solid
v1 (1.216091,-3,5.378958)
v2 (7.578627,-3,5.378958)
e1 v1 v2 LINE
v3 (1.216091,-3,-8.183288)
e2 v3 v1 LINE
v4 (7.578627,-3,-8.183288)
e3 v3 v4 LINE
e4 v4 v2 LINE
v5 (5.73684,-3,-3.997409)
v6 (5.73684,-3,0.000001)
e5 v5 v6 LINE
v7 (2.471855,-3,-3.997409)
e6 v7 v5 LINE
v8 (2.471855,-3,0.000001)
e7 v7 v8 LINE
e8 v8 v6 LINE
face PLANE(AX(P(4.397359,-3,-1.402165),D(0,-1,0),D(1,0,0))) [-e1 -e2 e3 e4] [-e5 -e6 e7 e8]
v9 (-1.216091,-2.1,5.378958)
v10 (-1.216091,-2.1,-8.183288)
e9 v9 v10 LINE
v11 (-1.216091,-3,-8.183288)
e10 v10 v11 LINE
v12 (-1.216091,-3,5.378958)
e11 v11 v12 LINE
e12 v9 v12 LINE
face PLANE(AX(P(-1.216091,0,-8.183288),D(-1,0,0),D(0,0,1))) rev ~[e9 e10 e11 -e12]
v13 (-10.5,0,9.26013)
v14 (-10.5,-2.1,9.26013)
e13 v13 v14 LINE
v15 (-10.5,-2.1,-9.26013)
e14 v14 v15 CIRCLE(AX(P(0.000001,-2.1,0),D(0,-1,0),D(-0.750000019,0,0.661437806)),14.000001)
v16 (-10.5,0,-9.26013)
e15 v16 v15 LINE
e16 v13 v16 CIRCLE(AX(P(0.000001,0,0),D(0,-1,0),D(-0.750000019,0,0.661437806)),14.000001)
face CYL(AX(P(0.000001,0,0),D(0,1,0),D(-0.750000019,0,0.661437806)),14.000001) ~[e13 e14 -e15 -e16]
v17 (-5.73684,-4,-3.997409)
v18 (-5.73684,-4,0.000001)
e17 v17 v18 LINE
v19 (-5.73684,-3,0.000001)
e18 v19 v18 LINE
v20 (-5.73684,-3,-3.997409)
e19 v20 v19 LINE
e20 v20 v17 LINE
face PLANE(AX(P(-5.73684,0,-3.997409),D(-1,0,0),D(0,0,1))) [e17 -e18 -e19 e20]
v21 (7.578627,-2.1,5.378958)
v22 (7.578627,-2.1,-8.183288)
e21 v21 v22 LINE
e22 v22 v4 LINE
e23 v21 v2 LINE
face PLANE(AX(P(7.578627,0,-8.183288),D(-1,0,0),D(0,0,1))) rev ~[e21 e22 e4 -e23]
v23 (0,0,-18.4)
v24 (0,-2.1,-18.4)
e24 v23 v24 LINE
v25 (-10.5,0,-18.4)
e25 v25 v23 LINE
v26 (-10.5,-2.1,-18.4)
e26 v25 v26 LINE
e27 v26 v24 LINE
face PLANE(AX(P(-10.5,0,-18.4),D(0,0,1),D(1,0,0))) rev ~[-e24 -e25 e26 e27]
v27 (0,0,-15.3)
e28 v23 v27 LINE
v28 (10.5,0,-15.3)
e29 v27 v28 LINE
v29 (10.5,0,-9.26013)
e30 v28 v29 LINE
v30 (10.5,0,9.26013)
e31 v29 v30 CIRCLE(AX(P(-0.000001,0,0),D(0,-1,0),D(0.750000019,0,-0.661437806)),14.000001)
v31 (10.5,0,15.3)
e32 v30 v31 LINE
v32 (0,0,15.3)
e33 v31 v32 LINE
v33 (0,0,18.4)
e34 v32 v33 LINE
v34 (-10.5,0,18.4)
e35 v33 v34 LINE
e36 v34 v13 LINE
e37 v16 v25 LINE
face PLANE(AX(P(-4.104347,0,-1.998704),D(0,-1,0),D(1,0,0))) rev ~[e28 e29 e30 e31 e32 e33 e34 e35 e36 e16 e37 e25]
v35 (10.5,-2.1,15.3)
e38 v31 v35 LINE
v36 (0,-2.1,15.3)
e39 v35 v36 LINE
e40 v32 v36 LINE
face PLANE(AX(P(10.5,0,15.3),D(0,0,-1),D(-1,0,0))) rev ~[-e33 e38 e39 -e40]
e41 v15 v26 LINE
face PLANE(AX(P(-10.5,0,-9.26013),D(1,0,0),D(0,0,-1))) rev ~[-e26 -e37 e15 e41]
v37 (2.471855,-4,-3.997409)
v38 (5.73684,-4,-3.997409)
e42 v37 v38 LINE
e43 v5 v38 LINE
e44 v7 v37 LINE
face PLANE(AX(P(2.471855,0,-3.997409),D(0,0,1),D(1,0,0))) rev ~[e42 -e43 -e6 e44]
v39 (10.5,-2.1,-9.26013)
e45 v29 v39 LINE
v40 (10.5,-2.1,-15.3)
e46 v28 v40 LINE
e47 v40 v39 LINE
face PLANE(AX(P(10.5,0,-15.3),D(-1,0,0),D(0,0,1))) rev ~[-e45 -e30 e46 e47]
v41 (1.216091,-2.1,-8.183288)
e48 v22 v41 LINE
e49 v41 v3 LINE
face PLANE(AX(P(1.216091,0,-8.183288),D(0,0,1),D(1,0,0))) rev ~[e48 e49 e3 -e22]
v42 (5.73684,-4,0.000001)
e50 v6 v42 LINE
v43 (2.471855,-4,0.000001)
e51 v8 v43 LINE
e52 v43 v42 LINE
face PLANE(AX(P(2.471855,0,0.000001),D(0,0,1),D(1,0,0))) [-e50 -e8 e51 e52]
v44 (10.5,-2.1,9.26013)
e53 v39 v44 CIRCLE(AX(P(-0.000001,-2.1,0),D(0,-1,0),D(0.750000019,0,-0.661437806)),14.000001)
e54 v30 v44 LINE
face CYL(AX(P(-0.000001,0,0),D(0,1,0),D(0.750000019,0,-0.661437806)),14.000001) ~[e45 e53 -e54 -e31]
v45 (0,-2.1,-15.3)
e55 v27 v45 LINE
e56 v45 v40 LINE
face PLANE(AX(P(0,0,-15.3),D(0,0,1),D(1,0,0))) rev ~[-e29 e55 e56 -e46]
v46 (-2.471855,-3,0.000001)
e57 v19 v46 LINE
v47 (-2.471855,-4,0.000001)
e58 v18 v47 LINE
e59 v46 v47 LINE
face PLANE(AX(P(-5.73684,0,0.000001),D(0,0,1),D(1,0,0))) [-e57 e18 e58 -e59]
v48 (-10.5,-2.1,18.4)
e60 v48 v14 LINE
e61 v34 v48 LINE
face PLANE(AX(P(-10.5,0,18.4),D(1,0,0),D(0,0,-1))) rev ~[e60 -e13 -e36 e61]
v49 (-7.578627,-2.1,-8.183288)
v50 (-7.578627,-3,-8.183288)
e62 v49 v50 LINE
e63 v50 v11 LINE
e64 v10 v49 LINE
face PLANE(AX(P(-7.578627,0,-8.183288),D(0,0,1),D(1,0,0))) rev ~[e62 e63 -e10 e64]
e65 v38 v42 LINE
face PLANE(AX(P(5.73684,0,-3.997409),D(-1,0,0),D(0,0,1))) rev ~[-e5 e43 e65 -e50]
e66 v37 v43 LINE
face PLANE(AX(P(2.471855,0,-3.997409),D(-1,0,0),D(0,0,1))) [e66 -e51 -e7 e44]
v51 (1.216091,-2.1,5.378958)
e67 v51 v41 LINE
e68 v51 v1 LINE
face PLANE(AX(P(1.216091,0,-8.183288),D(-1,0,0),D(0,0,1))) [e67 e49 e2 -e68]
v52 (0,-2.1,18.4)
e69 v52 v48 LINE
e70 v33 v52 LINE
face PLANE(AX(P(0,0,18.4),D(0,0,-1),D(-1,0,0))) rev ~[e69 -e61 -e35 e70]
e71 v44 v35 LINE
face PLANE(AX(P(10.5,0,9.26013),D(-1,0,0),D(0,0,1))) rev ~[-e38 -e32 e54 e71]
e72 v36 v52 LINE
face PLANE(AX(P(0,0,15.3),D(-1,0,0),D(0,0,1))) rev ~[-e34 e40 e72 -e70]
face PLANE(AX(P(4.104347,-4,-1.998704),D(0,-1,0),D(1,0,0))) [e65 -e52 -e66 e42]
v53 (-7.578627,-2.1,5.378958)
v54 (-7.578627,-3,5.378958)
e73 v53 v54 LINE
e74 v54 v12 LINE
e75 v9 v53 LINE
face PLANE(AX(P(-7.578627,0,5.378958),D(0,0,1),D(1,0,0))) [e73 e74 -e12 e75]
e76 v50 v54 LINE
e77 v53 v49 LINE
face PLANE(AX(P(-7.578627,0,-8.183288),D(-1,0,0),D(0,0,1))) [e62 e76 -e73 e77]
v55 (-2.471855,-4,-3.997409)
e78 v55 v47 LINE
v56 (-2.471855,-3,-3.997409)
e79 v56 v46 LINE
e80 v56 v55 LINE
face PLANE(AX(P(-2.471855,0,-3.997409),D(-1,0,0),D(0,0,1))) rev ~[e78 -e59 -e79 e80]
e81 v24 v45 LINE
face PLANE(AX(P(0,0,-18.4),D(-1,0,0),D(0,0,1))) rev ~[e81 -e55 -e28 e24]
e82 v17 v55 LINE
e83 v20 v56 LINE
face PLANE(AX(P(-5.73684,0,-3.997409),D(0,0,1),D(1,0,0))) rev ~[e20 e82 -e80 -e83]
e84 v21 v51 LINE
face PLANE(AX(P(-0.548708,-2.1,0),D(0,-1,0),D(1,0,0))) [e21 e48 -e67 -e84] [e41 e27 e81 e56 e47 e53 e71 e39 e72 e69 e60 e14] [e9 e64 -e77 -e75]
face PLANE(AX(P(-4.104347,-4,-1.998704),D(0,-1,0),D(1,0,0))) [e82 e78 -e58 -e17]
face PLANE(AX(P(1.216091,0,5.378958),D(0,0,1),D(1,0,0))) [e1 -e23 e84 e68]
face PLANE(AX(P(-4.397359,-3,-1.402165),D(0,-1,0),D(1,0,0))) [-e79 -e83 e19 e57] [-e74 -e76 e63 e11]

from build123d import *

# Parameters (mm, degrees)
F2_DEPTH = 2.1
F1_W     = 6.362536
F1_H     = 13.562245
F1_W_2   = 3.264985
F1_H_2   = 3.997409
F3_DEPTH = 3
F4_DEPTH = 4


with BuildPart() as f2:
    # F0 (on Front) → F2 (new body)
    with BuildSketch(Plane.XZ):
        with BuildLine():
            Line((-10.5, 18.4), (-10.5, 9.26013))
            ThreePointArc((-10.5, 9.26013), (-14, 0), (-10.5, -9.26013))
            Line((-10.5, -9.26013), (-10.5, -18.4))
            Line((-10.5, -18.4), (0, -18.4))
            Line((0, -18.4), (0, -15.3))
            Line((0, -15.3), (10.5, -15.3))
            Line((10.5, -15.3), (10.5, -9.26013))
            ThreePointArc((10.5, -9.26013), (14, 0), (10.5, 9.26013))
            Line((10.5, 9.26013), (10.5, 15.3))
            Line((10.5, 15.3), (0, 15.3))
            Line((0, 15.3), (0, 18.4))
            Line((0, 18.4), (-10.5, 18.4))
        make_face()
    extrude(amount=F2_DEPTH)

    # F1 (on face) → F3 (join)
    with BuildSketch(Plane.XZ):
        with Locations((-4.397359, -1.402165)):
            Rectangle(F1_W, F1_H)
        with Locations((-4.104347, -1.998704)):
            Rectangle(F1_W_2, F1_H_2, mode=Mode.SUBTRACT)
        with Locations((4.397359, -1.402165)):
            Rectangle(F1_W, F1_H)
        with Locations((4.104347, -1.998704)):
            Rectangle(F1_W_2, F1_H_2, mode=Mode.SUBTRACT)
    extrude(amount=F3_DEPTH)

    # F1 (on face) → F4 (join)
    with BuildSketch(Plane.XZ):
        with Locations((-4.104347, -1.998704)):
            Rectangle(F1_W_2, F1_H_2)
        with Locations((4.104347, -1.998704)):
            Rectangle(F1_W_2, F1_H_2)
    extrude(amount=F4_DEPTH)


solid = f2.part
